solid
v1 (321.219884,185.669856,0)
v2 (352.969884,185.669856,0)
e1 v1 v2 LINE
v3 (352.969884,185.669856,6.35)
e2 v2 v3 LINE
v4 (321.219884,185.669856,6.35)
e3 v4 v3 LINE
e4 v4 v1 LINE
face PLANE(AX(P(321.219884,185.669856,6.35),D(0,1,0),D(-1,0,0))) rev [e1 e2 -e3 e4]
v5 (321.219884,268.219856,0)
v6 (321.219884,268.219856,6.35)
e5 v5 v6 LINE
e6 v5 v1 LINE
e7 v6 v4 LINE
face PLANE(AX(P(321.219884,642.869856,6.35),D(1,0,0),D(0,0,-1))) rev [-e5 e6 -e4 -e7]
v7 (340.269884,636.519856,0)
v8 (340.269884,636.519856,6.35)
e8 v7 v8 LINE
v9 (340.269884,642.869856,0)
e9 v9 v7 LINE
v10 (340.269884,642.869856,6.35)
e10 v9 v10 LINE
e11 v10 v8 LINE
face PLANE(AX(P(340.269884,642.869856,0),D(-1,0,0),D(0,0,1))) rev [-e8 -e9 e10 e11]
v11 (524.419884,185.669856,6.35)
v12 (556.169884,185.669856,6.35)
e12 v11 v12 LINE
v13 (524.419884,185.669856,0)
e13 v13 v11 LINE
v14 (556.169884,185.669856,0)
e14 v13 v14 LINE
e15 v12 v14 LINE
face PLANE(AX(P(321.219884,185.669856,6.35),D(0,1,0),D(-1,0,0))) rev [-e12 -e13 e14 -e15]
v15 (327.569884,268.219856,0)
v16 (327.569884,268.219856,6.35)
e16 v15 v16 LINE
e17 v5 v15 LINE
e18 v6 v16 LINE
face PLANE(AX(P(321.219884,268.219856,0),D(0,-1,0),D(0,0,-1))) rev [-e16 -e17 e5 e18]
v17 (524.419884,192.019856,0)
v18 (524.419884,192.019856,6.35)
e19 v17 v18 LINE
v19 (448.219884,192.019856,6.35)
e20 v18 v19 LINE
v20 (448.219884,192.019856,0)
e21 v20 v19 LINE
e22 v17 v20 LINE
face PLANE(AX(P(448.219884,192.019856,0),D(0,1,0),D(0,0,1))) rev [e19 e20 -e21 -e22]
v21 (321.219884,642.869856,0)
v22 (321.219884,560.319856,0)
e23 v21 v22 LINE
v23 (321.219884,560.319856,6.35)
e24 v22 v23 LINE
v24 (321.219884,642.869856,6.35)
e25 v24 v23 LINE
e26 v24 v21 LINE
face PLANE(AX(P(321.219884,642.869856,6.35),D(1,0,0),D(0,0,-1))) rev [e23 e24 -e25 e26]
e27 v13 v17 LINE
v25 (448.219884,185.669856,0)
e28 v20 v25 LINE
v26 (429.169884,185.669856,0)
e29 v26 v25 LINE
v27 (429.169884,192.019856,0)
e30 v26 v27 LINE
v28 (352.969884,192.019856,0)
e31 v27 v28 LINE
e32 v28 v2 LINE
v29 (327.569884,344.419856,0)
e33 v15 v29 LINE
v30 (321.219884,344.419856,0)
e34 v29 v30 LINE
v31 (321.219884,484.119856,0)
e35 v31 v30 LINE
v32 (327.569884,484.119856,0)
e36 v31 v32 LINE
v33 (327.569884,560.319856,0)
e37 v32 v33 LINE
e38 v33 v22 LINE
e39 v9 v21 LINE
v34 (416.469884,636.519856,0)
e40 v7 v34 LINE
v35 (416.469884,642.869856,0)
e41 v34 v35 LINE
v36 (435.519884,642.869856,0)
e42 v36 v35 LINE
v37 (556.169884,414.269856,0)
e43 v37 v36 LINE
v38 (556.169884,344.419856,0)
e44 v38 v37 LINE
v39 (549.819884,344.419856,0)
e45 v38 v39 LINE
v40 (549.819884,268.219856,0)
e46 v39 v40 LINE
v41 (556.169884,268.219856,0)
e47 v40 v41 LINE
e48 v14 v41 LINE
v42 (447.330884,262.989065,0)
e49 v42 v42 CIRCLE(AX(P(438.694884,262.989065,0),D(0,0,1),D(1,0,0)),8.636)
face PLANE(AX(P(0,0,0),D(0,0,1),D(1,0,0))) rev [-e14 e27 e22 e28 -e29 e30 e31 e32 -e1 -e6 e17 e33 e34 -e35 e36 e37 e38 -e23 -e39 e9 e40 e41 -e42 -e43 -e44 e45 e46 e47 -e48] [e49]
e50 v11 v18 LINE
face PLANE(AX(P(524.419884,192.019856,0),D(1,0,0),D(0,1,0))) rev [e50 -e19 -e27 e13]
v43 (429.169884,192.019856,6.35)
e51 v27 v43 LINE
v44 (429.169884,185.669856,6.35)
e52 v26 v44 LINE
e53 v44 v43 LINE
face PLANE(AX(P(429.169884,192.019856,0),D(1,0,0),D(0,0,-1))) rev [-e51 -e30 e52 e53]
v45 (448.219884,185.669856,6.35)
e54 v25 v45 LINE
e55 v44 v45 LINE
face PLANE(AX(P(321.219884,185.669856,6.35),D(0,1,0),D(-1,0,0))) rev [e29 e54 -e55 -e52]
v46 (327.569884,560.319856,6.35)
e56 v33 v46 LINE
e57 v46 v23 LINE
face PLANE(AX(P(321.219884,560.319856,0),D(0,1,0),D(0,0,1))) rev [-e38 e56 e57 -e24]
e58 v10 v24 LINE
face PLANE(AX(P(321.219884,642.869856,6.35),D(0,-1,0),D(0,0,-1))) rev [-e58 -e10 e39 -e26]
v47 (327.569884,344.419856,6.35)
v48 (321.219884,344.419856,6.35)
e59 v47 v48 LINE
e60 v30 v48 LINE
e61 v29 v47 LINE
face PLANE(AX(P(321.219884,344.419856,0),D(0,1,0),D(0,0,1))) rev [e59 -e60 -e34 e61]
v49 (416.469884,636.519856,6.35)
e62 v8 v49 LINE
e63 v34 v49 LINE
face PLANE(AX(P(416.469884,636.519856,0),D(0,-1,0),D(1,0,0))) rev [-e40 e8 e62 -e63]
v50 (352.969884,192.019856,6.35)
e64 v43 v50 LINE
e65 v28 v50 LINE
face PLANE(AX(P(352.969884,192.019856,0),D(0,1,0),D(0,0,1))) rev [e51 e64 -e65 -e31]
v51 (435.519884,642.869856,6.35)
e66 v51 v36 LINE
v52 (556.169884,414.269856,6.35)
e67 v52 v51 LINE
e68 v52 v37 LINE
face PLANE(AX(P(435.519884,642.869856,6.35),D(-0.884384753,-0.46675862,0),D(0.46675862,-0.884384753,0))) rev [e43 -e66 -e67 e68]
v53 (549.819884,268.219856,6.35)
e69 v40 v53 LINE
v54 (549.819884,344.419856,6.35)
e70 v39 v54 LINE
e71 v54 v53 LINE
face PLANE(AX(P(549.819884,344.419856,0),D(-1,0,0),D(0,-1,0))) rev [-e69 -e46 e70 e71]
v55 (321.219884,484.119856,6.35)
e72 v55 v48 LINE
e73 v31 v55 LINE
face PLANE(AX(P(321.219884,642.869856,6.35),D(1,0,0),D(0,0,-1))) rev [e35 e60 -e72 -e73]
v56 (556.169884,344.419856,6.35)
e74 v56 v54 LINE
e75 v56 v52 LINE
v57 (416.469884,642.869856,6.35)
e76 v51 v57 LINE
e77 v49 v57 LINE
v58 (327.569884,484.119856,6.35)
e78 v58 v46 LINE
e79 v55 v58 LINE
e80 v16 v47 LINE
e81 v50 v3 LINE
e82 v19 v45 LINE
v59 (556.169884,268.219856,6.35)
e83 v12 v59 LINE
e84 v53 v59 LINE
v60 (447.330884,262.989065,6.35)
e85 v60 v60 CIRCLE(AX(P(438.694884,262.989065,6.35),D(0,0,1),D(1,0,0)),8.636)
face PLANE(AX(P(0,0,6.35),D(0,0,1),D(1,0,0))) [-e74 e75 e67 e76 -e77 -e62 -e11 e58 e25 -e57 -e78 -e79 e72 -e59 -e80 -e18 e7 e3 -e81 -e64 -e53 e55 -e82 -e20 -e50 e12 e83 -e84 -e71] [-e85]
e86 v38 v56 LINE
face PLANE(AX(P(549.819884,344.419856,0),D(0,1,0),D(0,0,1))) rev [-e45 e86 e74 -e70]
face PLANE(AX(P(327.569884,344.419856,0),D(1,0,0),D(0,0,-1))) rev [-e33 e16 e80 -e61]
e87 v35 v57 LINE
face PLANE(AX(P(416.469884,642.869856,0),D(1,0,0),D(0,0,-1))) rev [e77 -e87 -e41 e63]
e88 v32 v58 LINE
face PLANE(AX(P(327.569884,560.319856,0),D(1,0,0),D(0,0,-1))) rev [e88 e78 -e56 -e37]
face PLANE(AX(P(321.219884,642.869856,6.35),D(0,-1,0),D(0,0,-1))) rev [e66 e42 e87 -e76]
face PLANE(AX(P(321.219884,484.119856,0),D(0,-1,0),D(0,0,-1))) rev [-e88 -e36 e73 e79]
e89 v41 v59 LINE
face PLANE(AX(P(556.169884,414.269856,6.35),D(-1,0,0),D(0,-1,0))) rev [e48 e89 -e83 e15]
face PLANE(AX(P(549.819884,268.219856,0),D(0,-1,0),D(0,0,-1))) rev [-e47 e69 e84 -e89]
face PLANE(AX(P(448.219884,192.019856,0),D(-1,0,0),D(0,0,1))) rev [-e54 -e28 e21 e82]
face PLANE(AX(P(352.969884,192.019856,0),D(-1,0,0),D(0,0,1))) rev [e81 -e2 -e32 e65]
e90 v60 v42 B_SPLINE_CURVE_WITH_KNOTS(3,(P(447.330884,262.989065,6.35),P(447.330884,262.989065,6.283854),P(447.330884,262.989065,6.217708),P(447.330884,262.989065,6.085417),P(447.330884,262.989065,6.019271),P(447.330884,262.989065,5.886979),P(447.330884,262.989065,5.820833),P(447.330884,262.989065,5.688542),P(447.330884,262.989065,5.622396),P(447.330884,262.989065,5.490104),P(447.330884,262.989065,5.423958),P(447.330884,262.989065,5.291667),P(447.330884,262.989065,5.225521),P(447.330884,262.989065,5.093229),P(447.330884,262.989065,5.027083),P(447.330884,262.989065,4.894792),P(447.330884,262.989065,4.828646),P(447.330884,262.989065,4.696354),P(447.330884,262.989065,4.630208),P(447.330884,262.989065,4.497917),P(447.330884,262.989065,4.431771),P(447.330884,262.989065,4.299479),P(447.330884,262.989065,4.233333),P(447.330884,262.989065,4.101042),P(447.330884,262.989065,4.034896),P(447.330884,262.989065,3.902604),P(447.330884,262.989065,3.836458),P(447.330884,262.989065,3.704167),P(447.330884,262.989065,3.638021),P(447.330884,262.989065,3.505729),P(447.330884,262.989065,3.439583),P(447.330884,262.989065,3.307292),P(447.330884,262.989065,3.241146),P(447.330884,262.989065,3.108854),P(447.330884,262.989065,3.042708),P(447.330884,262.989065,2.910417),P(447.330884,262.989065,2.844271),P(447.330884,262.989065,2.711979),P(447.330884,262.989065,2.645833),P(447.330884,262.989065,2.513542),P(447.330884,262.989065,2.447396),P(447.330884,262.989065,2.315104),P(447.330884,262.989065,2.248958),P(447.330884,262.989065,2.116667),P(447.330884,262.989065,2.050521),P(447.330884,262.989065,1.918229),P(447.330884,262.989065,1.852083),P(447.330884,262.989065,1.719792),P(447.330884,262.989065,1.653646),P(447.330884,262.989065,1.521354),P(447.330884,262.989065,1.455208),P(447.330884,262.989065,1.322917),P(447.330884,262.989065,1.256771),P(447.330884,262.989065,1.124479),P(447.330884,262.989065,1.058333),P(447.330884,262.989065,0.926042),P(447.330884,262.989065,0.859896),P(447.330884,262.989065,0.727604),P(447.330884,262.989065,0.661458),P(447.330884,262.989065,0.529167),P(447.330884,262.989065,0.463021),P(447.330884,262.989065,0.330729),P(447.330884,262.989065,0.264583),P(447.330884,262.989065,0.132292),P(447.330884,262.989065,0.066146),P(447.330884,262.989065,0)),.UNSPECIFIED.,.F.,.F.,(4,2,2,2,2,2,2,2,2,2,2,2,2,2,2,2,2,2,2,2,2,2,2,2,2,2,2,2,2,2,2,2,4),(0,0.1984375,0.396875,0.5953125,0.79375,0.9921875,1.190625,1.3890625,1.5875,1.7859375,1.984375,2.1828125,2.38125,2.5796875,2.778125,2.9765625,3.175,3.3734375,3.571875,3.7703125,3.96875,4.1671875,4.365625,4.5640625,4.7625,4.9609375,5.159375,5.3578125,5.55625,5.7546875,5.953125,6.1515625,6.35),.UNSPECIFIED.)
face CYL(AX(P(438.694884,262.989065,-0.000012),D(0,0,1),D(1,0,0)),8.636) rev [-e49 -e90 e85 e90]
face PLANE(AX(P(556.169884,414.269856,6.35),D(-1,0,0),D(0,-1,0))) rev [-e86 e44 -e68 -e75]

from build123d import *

# Parameters (mm, degrees)
BOSS_EXTRUDE3_DEPTH     = 6.35
SKETCH2_W               = 76.2
SKETCH2_H               = 6.35
SKETCH2_W_2             = 6.35
SKETCH2_H_2             = 76.2
CUT_EXTRUDE1_DEPTH      = 851.086415125
CUT_EXTRUDE3_DEPTH      = 851.086415125
CUT_EXTRUDE3_DEPTH_BACK = 851.086415125
SKETCH3_R               = 8.636


with BuildPart() as part:
    # Sketch1 → Boss-Extrude3 (new body)
    with BuildSketch(Plane.XY):
        Polygon((435.519883673, 642.86985555), (556.169883673, 414.26985555), (556.169883673, 185.66985555), (321.219883673, 185.66985555), (321.219883673, 642.86985555), align=None)
    extrude(amount=BOSS_EXTRUDE3_DEPTH)

    # Sketch2 → Cut-Extrude1 (cut, through all)
    with BuildSketch(Plane.XY.offset(6.35)):
        with Locations((378.369883673, 639.69485555)):
            Rectangle(SKETCH2_W, SKETCH2_H)
        with Locations((324.394883673, 522.21985555)):
            Rectangle(SKETCH2_W_2, SKETCH2_H_2)
        with Locations((324.394883673, 306.31985555)):
            Rectangle(SKETCH2_W_2, SKETCH2_H_2)
        with Locations((391.069883673, 188.84485555)):
            Rectangle(SKETCH2_W, SKETCH2_H)
        with Locations((486.319883673, 188.84485555)):
            Rectangle(SKETCH2_W, SKETCH2_H)
        with Locations((552.994883673, 306.31985555)):
            Rectangle(SKETCH2_W_2, SKETCH2_H_2)
    extrude(amount=-CUT_EXTRUDE1_DEPTH, mode=Mode.SUBTRACT)

    # Sketch3 → Cut-Extrude3 (cut, two sides: drawn at the far end of the back side and taken through both)
    with BuildSketch(Plane.XY.offset(-CUT_EXTRUDE3_DEPTH_BACK)):
        with Locations((438.694883673, 262.989065336)):
            Circle(SKETCH3_R)
    extrude(amount=CUT_EXTRUDE3_DEPTH + CUT_EXTRUDE3_DEPTH_BACK, mode=Mode.SUBTRACT)


solid = part.part
